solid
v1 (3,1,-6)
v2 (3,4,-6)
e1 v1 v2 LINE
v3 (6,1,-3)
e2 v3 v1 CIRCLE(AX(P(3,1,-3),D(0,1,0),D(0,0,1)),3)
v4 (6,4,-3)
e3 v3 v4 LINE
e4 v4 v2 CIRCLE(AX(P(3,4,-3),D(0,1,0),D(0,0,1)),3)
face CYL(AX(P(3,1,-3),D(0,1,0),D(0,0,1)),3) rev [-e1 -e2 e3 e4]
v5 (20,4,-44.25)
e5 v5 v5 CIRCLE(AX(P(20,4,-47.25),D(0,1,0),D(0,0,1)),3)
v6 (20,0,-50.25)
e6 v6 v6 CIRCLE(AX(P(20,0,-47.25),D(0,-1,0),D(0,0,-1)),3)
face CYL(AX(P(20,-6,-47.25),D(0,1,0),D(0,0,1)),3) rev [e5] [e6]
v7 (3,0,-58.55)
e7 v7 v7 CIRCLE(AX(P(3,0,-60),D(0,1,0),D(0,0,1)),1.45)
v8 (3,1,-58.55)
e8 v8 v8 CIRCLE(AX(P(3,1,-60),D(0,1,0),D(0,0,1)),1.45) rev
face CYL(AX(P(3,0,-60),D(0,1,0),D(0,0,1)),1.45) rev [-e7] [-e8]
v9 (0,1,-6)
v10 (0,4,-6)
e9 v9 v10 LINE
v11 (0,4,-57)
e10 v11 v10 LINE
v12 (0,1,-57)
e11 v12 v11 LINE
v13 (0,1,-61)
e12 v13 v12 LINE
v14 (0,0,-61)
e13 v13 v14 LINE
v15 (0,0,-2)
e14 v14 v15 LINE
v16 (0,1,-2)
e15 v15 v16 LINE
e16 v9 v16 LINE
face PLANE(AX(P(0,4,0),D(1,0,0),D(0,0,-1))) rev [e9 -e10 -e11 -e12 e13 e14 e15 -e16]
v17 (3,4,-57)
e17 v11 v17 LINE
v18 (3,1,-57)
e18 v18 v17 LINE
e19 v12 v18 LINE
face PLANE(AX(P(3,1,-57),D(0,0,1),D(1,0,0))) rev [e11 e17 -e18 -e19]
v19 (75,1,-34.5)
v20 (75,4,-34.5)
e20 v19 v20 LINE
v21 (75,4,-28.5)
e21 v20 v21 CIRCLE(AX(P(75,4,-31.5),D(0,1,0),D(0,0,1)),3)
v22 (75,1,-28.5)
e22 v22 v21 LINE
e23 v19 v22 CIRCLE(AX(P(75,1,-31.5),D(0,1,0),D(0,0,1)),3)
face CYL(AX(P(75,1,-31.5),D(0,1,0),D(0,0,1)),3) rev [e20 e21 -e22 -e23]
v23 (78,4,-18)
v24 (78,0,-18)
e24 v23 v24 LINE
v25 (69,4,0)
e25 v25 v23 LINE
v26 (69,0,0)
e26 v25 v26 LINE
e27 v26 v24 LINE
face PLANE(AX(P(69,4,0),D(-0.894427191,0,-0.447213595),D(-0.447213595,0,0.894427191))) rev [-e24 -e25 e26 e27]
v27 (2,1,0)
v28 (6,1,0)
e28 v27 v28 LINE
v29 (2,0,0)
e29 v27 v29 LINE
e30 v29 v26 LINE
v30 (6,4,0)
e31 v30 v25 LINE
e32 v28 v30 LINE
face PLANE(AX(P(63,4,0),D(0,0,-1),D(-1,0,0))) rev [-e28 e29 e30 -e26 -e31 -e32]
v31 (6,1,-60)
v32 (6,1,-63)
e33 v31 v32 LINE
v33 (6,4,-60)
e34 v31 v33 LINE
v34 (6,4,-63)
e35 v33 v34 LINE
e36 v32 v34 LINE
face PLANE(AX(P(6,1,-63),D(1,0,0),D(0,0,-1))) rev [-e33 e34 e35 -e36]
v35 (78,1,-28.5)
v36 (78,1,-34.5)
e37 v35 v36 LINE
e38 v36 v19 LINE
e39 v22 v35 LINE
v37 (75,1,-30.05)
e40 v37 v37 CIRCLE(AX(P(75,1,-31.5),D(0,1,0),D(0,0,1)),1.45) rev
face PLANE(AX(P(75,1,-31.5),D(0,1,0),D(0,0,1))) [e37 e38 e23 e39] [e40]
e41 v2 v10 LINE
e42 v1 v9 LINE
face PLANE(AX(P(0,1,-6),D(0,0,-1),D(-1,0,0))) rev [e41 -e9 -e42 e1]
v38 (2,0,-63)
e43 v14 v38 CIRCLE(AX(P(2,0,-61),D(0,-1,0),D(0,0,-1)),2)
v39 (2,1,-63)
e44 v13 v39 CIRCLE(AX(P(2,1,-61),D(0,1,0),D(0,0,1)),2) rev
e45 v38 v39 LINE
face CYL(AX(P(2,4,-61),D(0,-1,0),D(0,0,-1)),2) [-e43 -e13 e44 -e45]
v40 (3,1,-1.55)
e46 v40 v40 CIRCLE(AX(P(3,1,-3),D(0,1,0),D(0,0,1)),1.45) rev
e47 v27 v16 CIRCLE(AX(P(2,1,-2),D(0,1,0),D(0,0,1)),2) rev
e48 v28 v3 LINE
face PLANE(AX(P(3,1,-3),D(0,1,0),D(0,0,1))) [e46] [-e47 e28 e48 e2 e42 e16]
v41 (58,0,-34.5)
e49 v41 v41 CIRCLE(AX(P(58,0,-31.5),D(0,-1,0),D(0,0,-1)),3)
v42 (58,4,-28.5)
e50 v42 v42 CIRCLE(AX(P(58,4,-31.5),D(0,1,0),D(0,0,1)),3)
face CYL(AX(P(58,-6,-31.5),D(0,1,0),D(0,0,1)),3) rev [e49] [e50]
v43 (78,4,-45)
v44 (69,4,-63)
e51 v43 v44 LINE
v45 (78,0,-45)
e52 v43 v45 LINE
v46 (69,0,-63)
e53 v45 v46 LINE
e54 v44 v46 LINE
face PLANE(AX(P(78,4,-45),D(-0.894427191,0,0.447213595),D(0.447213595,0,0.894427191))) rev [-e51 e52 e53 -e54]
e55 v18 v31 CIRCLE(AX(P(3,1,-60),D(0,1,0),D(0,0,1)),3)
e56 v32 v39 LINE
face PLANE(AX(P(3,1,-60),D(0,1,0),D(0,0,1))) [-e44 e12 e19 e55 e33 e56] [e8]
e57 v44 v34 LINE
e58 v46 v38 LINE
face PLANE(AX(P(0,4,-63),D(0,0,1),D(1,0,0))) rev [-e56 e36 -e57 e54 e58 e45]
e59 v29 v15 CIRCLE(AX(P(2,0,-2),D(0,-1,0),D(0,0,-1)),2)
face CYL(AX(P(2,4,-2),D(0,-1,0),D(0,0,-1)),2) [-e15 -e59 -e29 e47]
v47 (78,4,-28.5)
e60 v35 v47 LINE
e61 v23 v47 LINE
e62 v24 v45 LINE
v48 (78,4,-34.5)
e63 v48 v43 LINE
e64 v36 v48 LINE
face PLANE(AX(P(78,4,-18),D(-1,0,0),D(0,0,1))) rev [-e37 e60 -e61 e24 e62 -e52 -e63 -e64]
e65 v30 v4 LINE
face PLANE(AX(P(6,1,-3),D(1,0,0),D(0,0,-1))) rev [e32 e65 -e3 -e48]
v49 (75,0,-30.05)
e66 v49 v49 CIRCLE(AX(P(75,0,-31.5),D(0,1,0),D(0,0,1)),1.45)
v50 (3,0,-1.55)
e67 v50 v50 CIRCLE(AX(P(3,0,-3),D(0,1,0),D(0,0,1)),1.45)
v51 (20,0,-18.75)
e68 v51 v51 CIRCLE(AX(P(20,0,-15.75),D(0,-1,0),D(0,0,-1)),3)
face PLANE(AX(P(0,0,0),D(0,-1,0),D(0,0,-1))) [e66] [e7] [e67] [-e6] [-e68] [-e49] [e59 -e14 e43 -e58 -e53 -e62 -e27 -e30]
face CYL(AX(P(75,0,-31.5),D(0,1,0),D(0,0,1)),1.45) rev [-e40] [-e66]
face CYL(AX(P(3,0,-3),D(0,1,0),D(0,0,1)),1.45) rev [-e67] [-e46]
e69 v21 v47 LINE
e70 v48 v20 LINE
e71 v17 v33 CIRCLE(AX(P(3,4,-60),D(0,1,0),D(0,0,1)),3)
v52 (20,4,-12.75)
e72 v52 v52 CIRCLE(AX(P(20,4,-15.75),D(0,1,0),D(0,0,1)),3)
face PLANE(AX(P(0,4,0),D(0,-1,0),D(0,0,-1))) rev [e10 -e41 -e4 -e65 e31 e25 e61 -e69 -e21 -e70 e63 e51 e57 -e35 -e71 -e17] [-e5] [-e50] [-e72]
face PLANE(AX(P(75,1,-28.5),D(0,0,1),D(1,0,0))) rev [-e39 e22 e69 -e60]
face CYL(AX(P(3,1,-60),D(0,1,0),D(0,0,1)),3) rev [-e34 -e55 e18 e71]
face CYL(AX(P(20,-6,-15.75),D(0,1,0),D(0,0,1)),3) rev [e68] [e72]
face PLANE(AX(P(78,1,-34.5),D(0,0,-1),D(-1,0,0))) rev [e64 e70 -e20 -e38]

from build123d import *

# Parameters (mm, degrees)
SALIENTE_EXTRUIR1_DEPTH = 4
CROQUIS2_R              = 1.45
CORTAR_EXTRUIR1_DEPTH   = 4
REDONDEO1_R             = 2
CORTAR_EXTRUIR2_DEPTH   = 3
CROQUIS4_R              = 3
CORTAR_EXTRUIR3_DEPTH   = 10


with BuildPart() as part:
    # Croquis1 → Saliente-Extruir1 (new body)
    with BuildSketch(Plane(origin=(0, 0, 0), x_dir=(1, 0, 0), z_dir=(0, 1, 0))):
        Polygon((63, 0), (69, 0), (78, 18), (78, 45), (69, 63), (63, 63), (0, 63), (0, 0), align=None)
    extrude(amount=SALIENTE_EXTRUIR1_DEPTH)

    # Croquis2 → Cortar-Extruir1 (cut)
    with BuildSketch(Plane(origin=(0, 4, 0), x_dir=(1, 0, 0), z_dir=(0, 1, 0))):
        with Locations(Location((3, 3, 0), (0, 0, 270))):
            Circle(CROQUIS2_R)
        with Locations(Location((3, 60, 0), (0, 0, 270))):
            Circle(CROQUIS2_R)
        with Locations(Location((75, 31.5, 0), (0, 0, 270))):
            Circle(CROQUIS2_R)
    extrude(amount=-CORTAR_EXTRUIR1_DEPTH, mode=Mode.SUBTRACT)

    # Redondeo1
    redondeo1_edges = [part.edges().sort_by_distance(p)[0] for p in [
        (0, 2, -63),
        (0, 2, 0),
    ]]
    fillet(redondeo1_edges, radius=REDONDEO1_R)

    # Croquis3 → Cortar-Extruir2 (cut)
    with BuildSketch(Plane(origin=(0, 4, 0), x_dir=(1, 0, 0), z_dir=(0, 1, 0))):
        with BuildLine():
            Line((6, 3), (6, 0))
            Line((6, 0), (0, 0))
            Line((0, 0), (0, 3))
            Line((0, 3), (0, 6))
            Line((0, 6), (3, 6))
            ThreePointArc((3, 6), (5.121320344, 5.121320344), (6, 3))
        make_face()
        with BuildLine():
            Line((3, 57), (0, 57))
            Line((0, 57), (0, 63))
            Line((0, 63), (6, 63))
            Line((6, 63), (6, 60))
            ThreePointArc((6, 60), (5.121320344, 57.878679656), (3, 57))
        make_face()
        with BuildLine():
            Line((75, 28.5), (78, 28.5))
            Line((78, 28.5), (78, 34.5))
            Line((78, 34.5), (75, 34.5))
            ThreePointArc((75, 34.5), (72, 31.5), (75, 28.5))
        make_face()
    extrude(amount=-CORTAR_EXTRUIR2_DEPTH, mode=Mode.SUBTRACT)

    # Croquis4 → Cortar-Extruir3 (cut)
    with BuildSketch(Plane(origin=(0, 4, 0), x_dir=(1, 0, 0), z_dir=(0, 1, 0))):
        with Locations(Location((20, 47.25, 0), (0, 0, 270))):
            Circle(CROQUIS4_R)
        with Locations(Location((20, 15.75, 0), (0, 0, 270))):
            Circle(CROQUIS4_R)
        with Locations(Location((58, 31.5, 0), (0, 0, 270))):
            Circle(CROQUIS4_R)
    extrude(amount=-CORTAR_EXTRUIR3_DEPTH, mode=Mode.SUBTRACT)


solid = part.part
